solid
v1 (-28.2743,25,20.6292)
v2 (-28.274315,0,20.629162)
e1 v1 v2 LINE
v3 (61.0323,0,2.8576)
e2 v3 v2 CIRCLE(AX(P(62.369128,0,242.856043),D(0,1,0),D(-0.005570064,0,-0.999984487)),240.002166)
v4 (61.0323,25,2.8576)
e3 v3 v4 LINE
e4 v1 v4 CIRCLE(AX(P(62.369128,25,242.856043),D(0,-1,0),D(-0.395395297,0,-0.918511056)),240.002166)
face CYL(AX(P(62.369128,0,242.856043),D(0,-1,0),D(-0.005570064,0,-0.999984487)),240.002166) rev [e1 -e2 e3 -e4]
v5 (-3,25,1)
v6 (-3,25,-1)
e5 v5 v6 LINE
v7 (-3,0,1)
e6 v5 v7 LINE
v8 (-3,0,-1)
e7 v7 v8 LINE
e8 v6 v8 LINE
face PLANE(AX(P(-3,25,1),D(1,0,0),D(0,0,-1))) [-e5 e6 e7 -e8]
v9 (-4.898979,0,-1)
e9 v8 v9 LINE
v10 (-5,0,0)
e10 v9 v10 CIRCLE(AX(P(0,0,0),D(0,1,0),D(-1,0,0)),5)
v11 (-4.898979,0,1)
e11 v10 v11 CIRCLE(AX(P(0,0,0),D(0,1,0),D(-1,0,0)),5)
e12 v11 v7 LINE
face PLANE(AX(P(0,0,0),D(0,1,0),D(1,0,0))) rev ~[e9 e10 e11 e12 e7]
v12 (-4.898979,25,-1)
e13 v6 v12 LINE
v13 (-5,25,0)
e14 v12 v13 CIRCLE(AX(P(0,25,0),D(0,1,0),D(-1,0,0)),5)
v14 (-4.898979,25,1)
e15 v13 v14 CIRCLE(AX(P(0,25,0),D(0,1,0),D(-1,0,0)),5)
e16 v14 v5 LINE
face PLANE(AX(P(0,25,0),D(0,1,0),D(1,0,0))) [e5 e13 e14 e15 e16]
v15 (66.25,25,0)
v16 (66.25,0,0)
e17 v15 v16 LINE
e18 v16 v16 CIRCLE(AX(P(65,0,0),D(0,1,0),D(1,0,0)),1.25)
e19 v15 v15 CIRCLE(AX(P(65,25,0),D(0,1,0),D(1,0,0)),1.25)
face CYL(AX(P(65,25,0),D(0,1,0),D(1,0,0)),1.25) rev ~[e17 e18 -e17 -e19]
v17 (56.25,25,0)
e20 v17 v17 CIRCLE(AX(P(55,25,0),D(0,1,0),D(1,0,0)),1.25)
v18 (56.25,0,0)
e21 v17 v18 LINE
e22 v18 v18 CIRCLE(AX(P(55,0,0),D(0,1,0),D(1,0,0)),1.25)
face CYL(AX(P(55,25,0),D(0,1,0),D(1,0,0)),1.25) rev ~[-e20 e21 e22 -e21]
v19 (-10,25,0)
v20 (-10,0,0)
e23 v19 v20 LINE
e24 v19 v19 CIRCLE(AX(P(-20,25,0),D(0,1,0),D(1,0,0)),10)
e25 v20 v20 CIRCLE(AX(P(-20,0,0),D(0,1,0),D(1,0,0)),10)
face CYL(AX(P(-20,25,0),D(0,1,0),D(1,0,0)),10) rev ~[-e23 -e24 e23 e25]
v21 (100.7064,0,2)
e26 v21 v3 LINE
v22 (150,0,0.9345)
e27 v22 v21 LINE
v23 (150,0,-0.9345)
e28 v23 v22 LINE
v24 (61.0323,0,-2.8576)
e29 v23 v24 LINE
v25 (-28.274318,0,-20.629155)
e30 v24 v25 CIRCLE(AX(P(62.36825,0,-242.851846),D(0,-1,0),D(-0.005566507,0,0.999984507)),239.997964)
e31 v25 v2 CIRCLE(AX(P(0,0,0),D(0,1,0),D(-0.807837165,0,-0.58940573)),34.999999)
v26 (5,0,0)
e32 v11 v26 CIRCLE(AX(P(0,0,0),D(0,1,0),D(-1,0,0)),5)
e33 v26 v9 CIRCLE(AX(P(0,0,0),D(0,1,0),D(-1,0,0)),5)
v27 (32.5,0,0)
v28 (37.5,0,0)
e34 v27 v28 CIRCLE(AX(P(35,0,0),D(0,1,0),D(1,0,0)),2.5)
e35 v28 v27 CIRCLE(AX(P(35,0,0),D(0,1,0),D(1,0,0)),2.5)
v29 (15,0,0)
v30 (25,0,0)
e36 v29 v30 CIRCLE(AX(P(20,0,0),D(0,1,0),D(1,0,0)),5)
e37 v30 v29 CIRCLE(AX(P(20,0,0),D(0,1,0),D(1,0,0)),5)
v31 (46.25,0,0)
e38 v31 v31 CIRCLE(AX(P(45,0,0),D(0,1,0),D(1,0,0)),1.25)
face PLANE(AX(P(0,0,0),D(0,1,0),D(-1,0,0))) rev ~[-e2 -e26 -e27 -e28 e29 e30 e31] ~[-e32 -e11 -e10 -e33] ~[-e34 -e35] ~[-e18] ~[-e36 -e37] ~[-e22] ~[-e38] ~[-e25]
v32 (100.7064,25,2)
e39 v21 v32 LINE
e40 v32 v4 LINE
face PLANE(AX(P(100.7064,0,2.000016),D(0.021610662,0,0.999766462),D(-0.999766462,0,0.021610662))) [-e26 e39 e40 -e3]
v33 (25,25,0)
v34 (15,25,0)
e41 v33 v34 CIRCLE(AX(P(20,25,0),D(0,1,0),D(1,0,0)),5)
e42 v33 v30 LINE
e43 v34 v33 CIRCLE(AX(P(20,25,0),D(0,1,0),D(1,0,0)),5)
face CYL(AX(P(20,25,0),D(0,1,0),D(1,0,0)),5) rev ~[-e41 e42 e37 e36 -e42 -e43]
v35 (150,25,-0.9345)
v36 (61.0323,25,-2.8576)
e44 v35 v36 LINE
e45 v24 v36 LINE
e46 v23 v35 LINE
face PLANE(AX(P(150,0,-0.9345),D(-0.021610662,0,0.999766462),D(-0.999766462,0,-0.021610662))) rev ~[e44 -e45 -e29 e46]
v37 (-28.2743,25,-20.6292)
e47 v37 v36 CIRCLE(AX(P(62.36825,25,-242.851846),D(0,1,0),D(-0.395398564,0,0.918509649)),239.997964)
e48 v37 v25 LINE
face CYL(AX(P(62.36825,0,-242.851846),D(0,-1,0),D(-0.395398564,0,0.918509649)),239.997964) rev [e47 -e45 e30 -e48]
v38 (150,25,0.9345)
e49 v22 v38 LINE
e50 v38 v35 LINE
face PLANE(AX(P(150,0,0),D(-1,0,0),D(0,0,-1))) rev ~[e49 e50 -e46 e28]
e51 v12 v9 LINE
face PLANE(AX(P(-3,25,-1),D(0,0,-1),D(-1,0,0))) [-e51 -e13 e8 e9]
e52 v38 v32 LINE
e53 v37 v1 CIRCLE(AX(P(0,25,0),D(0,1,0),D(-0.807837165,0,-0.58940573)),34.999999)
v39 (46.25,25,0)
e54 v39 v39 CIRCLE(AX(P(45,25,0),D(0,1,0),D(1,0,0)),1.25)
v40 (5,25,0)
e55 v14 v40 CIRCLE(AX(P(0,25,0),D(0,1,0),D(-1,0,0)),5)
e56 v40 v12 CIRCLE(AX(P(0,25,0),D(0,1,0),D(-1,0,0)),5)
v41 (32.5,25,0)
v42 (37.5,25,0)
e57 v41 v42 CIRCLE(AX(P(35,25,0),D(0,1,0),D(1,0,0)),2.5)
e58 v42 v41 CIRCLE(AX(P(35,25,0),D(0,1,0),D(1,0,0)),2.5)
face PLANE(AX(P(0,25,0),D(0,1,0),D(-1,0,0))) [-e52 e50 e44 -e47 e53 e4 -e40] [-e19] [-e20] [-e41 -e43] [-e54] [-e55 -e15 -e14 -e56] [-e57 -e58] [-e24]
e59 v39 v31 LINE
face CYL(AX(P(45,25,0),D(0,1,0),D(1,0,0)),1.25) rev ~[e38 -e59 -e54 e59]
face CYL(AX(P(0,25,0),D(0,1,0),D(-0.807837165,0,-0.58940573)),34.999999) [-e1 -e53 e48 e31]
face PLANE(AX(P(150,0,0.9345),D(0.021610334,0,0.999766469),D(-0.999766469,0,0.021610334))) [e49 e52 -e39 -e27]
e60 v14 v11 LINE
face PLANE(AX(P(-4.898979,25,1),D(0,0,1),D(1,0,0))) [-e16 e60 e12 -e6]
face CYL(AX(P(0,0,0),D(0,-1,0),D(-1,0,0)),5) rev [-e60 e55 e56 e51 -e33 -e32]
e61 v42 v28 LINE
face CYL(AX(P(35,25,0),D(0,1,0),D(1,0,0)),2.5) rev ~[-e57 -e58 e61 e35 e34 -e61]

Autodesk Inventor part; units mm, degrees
ref_plane "YZ Plane" through (0, 0, 0) normal (1, 0, 0) x (0, 1, 0)
ref_plane "XZ Plane" through (0, 0, 0) normal (0, 1, 0) x (-1, 0, 0)
ref_plane "XY Plane" through (0, 0, 0) normal (0, 0, 1) x (1, 0, 0)
sketch "Sketch3" plane through (0, 0, 0) normal (0, 1, 0) x (-1, 0, 0)
  circle A0 centre (0, 0) radius 39.5
  line L0 (0, 0) -> (-150, 0)
  line L1 (-150, 0) -> (-150, 25)
  line L2 (-150, 0) -> (-150, -25)
  line L3 (-150, 0) -> (-150, 1.869)
  line L4 (-150, 0) -> (32.5266, 22.4114) construction
  line L5 (-150, 0) -> (33.8973, 0) construction
  arc A1 (-61.0323, 2.8576) -> (32.5266, 22.4114) centre (-62.3689, 242.8539) ccw
  arc A2 (32.5266, -22.4114) -> (-61.0323, -2.8576) centre (-62.3689, -242.8539) ccw
  circle A3 centre (0, 0) radius 5
  line L6 (-150, 0.9345) -> (-100.7064, 2)
  line L7 (-150, -0.9345) -> (-61.0323, -2.8576)
  line L8 (-150, 0.9345) -> (-61.0323, 2.8576)
  point P0 (-150, -1.869)
  point P1 (-150, -6)
  point P2 (32.5266, -22.4114)
  point P3 (-100.7064, -2)
  point P4 (-39.3005, 3.9651)
  point P5 (-39.3005, -3.9651)
  point P6 (-150, 0.9345)
  dimension "d17" = 79
  dimension "d18" = 150
  dimension "d19" = 25
  dimension "d20" = 25
  dimension "d22" = 7
  dimension "d23" = 10
  dimension "d26" = 240
  dimension "d27" = 1.238
  dimension "d28" = 25.6262
  dimension "d29" = 50.7411
  dimension "d30" = 2
  dimension "d33" = 1.238
extrude "Extrusion2" add sketch "Sketch3" along normal blind 25 contours A0 A2 A1 | A0 L0 L1 L6 L8 A1 | A2 L7 L2 L0 A0
sketch "Sketch4" plane through (0, 25, 0) normal (0, 1, 0) x (1, 0, 0)
  arc A0 (-28.2743, -20.6292) -> (-28.2743, 20.6292) centre (0, 0) ccw construction
  arc A1 (61.0323, -2.8576) -> (-32.5266, -22.4114) centre (62.3689, -242.8539) ccw projected
  arc A2 (-32.5266, 22.4114) -> (61.0323, 2.8576) centre (62.3689, 242.8539) ccw projected
  arc A3 (-28.2743, 20.6292) -> (-28.2743, -20.6292) centre (0, 0) ccw
  arc A4 (-32.5266, 22.4114) -> (-32.5266, -22.4114) centre (0, 0) ccw projected
  dimension "d35" = 70
extrude "Extrusion3" cut sketch "Sketch4" against normal through all
sketch "Sketch5" plane through (0, 25, 0) normal (0, 1, 0) x (1, 0, 0)
  circle A0 centre (0, 0) radius 5 projected
  line L0 (-3, 1) -> (-7, 1)
  line L1 (-7, 1) -> (-7, -1)
  line L2 (-7, -1) -> (-3, -1)
  line L3 (-3, -1) -> (-3, 1)
  line L4 (-3, 1) -> (-7, -1) construction
  line L5 (-7, 1) -> (-3, -1) construction
  point P0 (-5, 0)
  point P1 (-4.899, -1)
  point P2 (-4.899, 1)
  dimension "d42" = 5
  dimension "d43" = 2
  dimension "d44" = 4
  dimension "d45" = 3
sketch "Sketch6" plane through (0, 25, 0) normal (0, 1, 0) x (1, 0, 0)
  arc A0 (-5, 0) -> (-5, 0) centre (0, 0) ccw projected
  line L0 (-7, 1) -> (-5, 1) projected
  line L1 (-5, -1) -> (-7, -1) projected
  line L2 (-7, -1) -> (-7, 1) projected
extrude "Extrusion5" add sketch "Sketch5" against normal blind 25 contours L0 L3 L2 A0 picked at (-3.6629, -0.1118)
sketch "Sketch8" plane through (0, 25, 0) normal (0, 1, 0) x (1, 0, 0)
  line L0 (0, 0) -> (5, 0) construction
  arc A0 (-4.899, -1) -> (-4.899, 1) centre (0, 0) ccw projected
sketch "Sketch9" plane through (0, 25, 0) normal (0, 1, 0) x (1, 0, 0)
  arc A0 (-28.2743, 20.6292) -> (-28.2743, -20.6292) centre (0, 0) ccw projected
  arc A1 (-28.2743, 20.6292) -> (61.0323, 2.8576) centre (62.3689, 242.8539) ccw projected
  arc A2 (61.0323, -2.8576) -> (-28.2743, -20.6292) centre (62.3689, -242.8539) ccw projected
  line L0 (0, 0) -> (-20, 0) construction
  circle A3 centre (-20, 0) radius 10
  line L1 (0, 0) -> (20, 0) construction
  circle A4 centre (20, 0) radius 5
  line L2 (20, 0) -> (35, 0) construction
  circle A5 centre (35, 0) radius 2.5
  line L3 (35, 0) -> (45, 0) construction
  circle A6 centre (45, 0) radius 1.25
  line L4 (45, 0) -> (55, 0) construction
  circle A7 centre (55, 0) radius 1.25
  line L5 (55, 0) -> (65, 0) construction
  circle A8 centre (65, 0) radius 1.25
  dimension "d50" = 20
  dimension "d51" = 20
  dimension "d52" = 20
  dimension "d53" = 10
  dimension "d54" = 15
  dimension "d55" = 5
  dimension "d60" = 10
  dimension "d61" = 2.5
  dimension "d62" = 10
  dimension "d63" = 2.5
  dimension "d64" = 10
  dimension "d65" = 2.5
extrude "Extrusion6" cut sketch "Sketch9" against normal through all
properties part number "mover_3DPrint"
